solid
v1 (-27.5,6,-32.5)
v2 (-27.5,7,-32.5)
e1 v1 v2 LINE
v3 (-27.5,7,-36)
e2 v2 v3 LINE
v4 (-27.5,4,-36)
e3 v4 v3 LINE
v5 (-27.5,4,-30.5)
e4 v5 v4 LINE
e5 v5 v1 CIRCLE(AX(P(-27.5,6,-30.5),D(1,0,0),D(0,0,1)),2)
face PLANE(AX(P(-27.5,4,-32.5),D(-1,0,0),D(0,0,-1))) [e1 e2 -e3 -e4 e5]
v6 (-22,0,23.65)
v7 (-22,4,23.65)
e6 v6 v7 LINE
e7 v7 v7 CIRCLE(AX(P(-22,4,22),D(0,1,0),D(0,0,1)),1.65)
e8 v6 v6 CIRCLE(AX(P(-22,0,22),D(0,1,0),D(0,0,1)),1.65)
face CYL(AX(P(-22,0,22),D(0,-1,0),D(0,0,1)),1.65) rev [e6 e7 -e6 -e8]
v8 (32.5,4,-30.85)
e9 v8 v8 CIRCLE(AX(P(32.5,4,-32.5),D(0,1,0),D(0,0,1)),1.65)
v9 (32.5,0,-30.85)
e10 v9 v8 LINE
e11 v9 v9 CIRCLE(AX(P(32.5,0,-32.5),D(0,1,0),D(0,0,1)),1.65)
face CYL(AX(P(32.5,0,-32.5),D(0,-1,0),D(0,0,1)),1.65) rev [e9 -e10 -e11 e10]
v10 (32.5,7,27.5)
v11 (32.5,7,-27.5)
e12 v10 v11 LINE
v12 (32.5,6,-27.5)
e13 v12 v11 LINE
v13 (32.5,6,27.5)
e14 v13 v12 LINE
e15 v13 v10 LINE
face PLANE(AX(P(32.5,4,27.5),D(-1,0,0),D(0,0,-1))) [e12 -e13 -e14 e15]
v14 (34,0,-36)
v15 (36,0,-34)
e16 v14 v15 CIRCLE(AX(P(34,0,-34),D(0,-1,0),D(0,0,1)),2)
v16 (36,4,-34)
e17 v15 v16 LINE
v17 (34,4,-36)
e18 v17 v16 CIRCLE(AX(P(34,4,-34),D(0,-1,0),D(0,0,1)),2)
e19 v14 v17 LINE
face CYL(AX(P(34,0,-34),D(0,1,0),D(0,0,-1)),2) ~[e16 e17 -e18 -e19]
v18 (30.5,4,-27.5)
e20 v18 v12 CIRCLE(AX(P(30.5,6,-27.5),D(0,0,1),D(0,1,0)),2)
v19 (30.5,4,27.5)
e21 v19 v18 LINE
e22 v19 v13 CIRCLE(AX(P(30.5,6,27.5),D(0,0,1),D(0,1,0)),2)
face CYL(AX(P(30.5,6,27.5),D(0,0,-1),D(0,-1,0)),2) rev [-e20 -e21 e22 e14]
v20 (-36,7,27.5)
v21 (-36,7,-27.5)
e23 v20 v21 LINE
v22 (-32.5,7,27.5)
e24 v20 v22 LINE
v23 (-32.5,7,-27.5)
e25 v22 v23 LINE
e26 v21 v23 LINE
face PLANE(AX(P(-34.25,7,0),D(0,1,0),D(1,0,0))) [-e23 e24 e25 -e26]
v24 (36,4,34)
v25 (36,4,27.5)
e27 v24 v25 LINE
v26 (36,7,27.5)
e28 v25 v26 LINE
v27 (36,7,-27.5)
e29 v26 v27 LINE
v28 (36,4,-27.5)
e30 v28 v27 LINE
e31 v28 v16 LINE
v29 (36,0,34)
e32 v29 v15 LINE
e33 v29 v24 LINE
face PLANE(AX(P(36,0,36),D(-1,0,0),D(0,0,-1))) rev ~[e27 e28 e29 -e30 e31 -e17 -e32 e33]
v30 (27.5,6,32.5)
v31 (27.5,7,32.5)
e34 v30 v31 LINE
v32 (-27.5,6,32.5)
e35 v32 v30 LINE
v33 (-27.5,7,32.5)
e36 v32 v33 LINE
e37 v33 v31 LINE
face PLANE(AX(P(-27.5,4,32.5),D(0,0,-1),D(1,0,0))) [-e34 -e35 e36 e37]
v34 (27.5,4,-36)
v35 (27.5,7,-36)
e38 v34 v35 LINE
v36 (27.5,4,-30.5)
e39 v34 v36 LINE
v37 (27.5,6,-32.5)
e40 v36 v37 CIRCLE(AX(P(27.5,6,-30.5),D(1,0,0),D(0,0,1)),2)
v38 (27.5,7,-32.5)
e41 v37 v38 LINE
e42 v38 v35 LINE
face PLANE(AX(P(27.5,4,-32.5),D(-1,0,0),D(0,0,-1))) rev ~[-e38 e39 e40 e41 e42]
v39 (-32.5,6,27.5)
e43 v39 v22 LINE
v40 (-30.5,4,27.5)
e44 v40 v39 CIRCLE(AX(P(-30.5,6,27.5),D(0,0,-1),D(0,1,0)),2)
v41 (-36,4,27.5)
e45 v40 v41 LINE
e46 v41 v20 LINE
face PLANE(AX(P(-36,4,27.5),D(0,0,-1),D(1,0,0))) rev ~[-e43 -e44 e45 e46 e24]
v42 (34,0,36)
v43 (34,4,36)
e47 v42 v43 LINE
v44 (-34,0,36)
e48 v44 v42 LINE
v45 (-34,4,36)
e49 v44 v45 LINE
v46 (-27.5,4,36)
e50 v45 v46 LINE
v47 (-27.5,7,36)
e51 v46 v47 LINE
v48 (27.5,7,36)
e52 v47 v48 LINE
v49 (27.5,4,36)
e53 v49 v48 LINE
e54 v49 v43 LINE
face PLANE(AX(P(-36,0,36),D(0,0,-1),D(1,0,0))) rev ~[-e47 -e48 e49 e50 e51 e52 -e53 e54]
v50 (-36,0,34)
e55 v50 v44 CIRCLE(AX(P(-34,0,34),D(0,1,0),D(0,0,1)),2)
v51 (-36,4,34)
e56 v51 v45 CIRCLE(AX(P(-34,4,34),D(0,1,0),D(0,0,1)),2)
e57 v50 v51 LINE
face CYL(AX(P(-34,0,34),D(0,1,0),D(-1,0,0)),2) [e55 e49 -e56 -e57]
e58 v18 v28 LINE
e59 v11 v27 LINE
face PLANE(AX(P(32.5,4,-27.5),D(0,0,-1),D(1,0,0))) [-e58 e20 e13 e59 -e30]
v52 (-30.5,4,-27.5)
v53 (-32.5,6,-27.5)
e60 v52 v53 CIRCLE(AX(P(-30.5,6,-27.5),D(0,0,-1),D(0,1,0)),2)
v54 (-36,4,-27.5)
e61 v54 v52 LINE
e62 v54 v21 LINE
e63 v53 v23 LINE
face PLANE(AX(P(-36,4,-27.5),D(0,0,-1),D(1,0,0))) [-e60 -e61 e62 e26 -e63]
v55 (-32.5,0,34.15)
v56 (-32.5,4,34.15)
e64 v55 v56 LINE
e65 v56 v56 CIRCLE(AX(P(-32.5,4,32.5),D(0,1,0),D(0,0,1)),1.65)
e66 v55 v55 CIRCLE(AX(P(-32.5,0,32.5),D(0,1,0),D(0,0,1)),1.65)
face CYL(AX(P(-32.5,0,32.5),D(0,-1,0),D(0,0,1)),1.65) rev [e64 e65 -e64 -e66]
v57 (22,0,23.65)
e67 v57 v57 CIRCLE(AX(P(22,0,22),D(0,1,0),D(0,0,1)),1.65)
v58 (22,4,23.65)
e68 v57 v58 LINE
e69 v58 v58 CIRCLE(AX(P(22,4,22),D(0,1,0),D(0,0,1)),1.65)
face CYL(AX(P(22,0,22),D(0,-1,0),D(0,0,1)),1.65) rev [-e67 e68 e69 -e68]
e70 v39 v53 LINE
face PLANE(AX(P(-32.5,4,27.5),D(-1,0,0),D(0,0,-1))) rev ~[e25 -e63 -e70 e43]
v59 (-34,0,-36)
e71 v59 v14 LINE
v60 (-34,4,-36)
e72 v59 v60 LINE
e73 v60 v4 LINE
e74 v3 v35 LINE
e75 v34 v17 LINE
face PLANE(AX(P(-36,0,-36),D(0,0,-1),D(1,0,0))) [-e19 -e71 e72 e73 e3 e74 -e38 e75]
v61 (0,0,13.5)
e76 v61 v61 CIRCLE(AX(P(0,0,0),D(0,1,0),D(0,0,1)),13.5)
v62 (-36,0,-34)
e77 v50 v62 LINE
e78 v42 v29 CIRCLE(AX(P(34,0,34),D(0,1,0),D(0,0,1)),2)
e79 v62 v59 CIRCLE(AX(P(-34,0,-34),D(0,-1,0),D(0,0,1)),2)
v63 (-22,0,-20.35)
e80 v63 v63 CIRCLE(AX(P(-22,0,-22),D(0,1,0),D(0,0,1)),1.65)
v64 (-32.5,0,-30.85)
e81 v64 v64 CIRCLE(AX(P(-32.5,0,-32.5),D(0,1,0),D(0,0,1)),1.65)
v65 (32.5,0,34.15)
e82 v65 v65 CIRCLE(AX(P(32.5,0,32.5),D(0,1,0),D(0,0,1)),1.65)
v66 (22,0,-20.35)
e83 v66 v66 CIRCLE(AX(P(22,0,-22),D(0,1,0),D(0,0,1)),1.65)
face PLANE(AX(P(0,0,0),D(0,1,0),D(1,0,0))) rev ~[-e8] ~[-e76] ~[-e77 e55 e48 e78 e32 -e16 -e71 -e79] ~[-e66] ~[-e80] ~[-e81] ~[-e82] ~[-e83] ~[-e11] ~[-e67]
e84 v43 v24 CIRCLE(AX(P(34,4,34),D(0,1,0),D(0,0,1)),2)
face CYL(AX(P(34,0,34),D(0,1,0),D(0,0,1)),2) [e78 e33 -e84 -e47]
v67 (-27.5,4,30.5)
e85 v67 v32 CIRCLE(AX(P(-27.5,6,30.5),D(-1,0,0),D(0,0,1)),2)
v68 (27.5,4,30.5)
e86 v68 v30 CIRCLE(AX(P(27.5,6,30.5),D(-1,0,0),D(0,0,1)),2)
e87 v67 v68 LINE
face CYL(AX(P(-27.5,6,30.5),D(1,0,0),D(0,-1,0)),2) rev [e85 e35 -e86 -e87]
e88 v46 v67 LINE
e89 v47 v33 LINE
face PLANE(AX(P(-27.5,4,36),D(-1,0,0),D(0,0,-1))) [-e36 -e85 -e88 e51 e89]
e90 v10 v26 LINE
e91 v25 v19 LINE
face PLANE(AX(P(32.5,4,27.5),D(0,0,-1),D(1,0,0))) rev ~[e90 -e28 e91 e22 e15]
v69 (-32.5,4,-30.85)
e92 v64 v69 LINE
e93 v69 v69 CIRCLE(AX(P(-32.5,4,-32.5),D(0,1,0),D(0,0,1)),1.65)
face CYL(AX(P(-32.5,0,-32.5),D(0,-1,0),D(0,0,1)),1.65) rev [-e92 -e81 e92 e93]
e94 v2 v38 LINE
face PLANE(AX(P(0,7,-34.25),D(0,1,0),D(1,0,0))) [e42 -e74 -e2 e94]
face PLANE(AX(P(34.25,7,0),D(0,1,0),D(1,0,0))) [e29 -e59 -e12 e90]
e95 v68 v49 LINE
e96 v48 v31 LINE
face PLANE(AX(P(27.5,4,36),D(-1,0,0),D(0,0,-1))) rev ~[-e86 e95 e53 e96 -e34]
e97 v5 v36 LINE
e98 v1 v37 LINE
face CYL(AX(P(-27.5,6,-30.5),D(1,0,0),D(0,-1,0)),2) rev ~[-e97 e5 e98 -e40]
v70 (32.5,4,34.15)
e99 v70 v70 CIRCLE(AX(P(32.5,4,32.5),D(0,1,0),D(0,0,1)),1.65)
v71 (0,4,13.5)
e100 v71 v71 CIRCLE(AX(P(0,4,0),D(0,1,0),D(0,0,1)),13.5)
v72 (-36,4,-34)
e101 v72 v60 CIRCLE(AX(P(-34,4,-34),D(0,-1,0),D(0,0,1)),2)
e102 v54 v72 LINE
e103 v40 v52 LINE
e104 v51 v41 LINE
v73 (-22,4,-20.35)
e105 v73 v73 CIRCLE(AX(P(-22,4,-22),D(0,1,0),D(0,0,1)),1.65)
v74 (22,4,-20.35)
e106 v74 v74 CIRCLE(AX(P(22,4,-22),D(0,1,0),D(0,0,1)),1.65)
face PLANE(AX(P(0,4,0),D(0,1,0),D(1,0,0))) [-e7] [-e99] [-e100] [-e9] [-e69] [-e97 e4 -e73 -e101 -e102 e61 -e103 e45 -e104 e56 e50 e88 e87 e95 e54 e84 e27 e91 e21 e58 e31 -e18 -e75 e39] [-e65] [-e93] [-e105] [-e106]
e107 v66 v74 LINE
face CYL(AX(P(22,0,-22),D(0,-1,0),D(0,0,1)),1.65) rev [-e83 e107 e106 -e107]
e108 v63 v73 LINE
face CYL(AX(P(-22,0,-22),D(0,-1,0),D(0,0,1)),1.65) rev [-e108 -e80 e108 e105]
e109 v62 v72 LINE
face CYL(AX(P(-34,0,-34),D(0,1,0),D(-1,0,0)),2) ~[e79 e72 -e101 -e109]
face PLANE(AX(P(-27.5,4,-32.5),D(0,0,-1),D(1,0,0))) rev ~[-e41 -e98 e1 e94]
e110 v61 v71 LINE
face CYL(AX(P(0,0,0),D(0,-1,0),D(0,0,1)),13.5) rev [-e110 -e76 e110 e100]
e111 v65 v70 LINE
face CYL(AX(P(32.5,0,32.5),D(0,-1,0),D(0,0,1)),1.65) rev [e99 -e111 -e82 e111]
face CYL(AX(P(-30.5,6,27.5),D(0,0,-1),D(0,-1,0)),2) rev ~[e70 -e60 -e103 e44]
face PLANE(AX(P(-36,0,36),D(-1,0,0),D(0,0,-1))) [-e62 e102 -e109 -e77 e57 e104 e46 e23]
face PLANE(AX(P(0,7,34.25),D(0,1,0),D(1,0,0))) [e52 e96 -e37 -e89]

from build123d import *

# Parameters (mm, degrees)
SKETCH_1_W          = 72
SKETCH_1_H          = 72
SKETCH_1_R          = 13.5
EXTRUDE_1_DEPTH     = 4
SKETCH_2_R          = 1.65
CUT_EXTRUDE_5_DEPTH = 4
FILLET_1_R          = 2
SKETCH_3_W          = 3.5
SKETCH_3_H          = 55
SKETCH_3_W_2        = 55
SKETCH_3_H_2        = 3.5
EXTRUDE_2_DEPTH     = 3
FILLET_2_R          = 2


with BuildPart() as part:
    # 草图1 → 凸台-拉伸1 (new body)
    with BuildSketch(Plane(origin=(0, 0, 0), x_dir=(1, 0, 0), z_dir=(0, 1, 0))):
        Rectangle(SKETCH_1_W, SKETCH_1_H)
        with Locations(Location((0, 0, 0), (0, 0, 270))):
            Circle(SKETCH_1_R, mode=Mode.SUBTRACT)
    extrude(amount=EXTRUDE_1_DEPTH)

    # 草图2 → 切除-拉伸5 (cut)
    with BuildSketch(Plane(origin=(0, 0, 0), x_dir=(1, 0, 0), z_dir=(0, 1, 0))):
        with Locations(Location((-22, 22, 0), (0, 0, 270))):
            Circle(SKETCH_2_R)
        with Locations(Location((22, 22, 0), (0, 0, 270))):
            Circle(SKETCH_2_R)
        with Locations(Location((22, -22, 0), (0, 0, 270))):
            Circle(SKETCH_2_R)
        with Locations(Location((-22, -22, 0), (0, 0, 270))):
            Circle(SKETCH_2_R)
        with Locations(Location((-32.5, 32.5, 0), (0, 0, 270))):
            Circle(SKETCH_2_R)
        with Locations(Location((32.5, 32.5, 0), (0, 0, 270))):
            Circle(SKETCH_2_R)
        with Locations(Location((32.5, -32.5, 0), (0, 0, 270))):
            Circle(SKETCH_2_R)
        with Locations(Location((-32.5, -32.5, 0), (0, 0, 270))):
            Circle(SKETCH_2_R)
    extrude(amount=CUT_EXTRUDE_5_DEPTH, mode=Mode.SUBTRACT)

    # 圆角1
    fillet_1_edges = [part.edges().sort_by_distance(p)[0] for p in [
        (36, 2, 36),
        (-36, 2, 36),
        (-36, 2, -36),
        (36, 2, -36),
    ]]
    fillet(fillet_1_edges, radius=FILLET_1_R)

    # 草图3 → 凸台-拉伸2 (add)
    with BuildSketch(Plane(origin=(0, 4, 0), x_dir=(1, 0, 0), z_dir=(0, 1, 0))):
        with Locations((-34.25, 0)):
            Rectangle(SKETCH_3_W, SKETCH_3_H)
        with Locations((0, 34.25)):
            Rectangle(SKETCH_3_W_2, SKETCH_3_H_2)
        with Locations((34.25, 0)):
            Rectangle(SKETCH_3_W, SKETCH_3_H)
        with Locations((0, -34.25)):
            Rectangle(SKETCH_3_W_2, SKETCH_3_H_2)
    extrude(amount=EXTRUDE_2_DEPTH)

    # 圆角2
    fillet_2_edges = [part.edges().sort_by_distance(p)[0] for p in [
        (32.5, 4, 0),
        (0, 4, 32.5),
        (-32.5, 4, 0),
        (0, 4, -32.5),
    ]]
    fillet(fillet_2_edges, radius=FILLET_2_R)


solid = part.part
